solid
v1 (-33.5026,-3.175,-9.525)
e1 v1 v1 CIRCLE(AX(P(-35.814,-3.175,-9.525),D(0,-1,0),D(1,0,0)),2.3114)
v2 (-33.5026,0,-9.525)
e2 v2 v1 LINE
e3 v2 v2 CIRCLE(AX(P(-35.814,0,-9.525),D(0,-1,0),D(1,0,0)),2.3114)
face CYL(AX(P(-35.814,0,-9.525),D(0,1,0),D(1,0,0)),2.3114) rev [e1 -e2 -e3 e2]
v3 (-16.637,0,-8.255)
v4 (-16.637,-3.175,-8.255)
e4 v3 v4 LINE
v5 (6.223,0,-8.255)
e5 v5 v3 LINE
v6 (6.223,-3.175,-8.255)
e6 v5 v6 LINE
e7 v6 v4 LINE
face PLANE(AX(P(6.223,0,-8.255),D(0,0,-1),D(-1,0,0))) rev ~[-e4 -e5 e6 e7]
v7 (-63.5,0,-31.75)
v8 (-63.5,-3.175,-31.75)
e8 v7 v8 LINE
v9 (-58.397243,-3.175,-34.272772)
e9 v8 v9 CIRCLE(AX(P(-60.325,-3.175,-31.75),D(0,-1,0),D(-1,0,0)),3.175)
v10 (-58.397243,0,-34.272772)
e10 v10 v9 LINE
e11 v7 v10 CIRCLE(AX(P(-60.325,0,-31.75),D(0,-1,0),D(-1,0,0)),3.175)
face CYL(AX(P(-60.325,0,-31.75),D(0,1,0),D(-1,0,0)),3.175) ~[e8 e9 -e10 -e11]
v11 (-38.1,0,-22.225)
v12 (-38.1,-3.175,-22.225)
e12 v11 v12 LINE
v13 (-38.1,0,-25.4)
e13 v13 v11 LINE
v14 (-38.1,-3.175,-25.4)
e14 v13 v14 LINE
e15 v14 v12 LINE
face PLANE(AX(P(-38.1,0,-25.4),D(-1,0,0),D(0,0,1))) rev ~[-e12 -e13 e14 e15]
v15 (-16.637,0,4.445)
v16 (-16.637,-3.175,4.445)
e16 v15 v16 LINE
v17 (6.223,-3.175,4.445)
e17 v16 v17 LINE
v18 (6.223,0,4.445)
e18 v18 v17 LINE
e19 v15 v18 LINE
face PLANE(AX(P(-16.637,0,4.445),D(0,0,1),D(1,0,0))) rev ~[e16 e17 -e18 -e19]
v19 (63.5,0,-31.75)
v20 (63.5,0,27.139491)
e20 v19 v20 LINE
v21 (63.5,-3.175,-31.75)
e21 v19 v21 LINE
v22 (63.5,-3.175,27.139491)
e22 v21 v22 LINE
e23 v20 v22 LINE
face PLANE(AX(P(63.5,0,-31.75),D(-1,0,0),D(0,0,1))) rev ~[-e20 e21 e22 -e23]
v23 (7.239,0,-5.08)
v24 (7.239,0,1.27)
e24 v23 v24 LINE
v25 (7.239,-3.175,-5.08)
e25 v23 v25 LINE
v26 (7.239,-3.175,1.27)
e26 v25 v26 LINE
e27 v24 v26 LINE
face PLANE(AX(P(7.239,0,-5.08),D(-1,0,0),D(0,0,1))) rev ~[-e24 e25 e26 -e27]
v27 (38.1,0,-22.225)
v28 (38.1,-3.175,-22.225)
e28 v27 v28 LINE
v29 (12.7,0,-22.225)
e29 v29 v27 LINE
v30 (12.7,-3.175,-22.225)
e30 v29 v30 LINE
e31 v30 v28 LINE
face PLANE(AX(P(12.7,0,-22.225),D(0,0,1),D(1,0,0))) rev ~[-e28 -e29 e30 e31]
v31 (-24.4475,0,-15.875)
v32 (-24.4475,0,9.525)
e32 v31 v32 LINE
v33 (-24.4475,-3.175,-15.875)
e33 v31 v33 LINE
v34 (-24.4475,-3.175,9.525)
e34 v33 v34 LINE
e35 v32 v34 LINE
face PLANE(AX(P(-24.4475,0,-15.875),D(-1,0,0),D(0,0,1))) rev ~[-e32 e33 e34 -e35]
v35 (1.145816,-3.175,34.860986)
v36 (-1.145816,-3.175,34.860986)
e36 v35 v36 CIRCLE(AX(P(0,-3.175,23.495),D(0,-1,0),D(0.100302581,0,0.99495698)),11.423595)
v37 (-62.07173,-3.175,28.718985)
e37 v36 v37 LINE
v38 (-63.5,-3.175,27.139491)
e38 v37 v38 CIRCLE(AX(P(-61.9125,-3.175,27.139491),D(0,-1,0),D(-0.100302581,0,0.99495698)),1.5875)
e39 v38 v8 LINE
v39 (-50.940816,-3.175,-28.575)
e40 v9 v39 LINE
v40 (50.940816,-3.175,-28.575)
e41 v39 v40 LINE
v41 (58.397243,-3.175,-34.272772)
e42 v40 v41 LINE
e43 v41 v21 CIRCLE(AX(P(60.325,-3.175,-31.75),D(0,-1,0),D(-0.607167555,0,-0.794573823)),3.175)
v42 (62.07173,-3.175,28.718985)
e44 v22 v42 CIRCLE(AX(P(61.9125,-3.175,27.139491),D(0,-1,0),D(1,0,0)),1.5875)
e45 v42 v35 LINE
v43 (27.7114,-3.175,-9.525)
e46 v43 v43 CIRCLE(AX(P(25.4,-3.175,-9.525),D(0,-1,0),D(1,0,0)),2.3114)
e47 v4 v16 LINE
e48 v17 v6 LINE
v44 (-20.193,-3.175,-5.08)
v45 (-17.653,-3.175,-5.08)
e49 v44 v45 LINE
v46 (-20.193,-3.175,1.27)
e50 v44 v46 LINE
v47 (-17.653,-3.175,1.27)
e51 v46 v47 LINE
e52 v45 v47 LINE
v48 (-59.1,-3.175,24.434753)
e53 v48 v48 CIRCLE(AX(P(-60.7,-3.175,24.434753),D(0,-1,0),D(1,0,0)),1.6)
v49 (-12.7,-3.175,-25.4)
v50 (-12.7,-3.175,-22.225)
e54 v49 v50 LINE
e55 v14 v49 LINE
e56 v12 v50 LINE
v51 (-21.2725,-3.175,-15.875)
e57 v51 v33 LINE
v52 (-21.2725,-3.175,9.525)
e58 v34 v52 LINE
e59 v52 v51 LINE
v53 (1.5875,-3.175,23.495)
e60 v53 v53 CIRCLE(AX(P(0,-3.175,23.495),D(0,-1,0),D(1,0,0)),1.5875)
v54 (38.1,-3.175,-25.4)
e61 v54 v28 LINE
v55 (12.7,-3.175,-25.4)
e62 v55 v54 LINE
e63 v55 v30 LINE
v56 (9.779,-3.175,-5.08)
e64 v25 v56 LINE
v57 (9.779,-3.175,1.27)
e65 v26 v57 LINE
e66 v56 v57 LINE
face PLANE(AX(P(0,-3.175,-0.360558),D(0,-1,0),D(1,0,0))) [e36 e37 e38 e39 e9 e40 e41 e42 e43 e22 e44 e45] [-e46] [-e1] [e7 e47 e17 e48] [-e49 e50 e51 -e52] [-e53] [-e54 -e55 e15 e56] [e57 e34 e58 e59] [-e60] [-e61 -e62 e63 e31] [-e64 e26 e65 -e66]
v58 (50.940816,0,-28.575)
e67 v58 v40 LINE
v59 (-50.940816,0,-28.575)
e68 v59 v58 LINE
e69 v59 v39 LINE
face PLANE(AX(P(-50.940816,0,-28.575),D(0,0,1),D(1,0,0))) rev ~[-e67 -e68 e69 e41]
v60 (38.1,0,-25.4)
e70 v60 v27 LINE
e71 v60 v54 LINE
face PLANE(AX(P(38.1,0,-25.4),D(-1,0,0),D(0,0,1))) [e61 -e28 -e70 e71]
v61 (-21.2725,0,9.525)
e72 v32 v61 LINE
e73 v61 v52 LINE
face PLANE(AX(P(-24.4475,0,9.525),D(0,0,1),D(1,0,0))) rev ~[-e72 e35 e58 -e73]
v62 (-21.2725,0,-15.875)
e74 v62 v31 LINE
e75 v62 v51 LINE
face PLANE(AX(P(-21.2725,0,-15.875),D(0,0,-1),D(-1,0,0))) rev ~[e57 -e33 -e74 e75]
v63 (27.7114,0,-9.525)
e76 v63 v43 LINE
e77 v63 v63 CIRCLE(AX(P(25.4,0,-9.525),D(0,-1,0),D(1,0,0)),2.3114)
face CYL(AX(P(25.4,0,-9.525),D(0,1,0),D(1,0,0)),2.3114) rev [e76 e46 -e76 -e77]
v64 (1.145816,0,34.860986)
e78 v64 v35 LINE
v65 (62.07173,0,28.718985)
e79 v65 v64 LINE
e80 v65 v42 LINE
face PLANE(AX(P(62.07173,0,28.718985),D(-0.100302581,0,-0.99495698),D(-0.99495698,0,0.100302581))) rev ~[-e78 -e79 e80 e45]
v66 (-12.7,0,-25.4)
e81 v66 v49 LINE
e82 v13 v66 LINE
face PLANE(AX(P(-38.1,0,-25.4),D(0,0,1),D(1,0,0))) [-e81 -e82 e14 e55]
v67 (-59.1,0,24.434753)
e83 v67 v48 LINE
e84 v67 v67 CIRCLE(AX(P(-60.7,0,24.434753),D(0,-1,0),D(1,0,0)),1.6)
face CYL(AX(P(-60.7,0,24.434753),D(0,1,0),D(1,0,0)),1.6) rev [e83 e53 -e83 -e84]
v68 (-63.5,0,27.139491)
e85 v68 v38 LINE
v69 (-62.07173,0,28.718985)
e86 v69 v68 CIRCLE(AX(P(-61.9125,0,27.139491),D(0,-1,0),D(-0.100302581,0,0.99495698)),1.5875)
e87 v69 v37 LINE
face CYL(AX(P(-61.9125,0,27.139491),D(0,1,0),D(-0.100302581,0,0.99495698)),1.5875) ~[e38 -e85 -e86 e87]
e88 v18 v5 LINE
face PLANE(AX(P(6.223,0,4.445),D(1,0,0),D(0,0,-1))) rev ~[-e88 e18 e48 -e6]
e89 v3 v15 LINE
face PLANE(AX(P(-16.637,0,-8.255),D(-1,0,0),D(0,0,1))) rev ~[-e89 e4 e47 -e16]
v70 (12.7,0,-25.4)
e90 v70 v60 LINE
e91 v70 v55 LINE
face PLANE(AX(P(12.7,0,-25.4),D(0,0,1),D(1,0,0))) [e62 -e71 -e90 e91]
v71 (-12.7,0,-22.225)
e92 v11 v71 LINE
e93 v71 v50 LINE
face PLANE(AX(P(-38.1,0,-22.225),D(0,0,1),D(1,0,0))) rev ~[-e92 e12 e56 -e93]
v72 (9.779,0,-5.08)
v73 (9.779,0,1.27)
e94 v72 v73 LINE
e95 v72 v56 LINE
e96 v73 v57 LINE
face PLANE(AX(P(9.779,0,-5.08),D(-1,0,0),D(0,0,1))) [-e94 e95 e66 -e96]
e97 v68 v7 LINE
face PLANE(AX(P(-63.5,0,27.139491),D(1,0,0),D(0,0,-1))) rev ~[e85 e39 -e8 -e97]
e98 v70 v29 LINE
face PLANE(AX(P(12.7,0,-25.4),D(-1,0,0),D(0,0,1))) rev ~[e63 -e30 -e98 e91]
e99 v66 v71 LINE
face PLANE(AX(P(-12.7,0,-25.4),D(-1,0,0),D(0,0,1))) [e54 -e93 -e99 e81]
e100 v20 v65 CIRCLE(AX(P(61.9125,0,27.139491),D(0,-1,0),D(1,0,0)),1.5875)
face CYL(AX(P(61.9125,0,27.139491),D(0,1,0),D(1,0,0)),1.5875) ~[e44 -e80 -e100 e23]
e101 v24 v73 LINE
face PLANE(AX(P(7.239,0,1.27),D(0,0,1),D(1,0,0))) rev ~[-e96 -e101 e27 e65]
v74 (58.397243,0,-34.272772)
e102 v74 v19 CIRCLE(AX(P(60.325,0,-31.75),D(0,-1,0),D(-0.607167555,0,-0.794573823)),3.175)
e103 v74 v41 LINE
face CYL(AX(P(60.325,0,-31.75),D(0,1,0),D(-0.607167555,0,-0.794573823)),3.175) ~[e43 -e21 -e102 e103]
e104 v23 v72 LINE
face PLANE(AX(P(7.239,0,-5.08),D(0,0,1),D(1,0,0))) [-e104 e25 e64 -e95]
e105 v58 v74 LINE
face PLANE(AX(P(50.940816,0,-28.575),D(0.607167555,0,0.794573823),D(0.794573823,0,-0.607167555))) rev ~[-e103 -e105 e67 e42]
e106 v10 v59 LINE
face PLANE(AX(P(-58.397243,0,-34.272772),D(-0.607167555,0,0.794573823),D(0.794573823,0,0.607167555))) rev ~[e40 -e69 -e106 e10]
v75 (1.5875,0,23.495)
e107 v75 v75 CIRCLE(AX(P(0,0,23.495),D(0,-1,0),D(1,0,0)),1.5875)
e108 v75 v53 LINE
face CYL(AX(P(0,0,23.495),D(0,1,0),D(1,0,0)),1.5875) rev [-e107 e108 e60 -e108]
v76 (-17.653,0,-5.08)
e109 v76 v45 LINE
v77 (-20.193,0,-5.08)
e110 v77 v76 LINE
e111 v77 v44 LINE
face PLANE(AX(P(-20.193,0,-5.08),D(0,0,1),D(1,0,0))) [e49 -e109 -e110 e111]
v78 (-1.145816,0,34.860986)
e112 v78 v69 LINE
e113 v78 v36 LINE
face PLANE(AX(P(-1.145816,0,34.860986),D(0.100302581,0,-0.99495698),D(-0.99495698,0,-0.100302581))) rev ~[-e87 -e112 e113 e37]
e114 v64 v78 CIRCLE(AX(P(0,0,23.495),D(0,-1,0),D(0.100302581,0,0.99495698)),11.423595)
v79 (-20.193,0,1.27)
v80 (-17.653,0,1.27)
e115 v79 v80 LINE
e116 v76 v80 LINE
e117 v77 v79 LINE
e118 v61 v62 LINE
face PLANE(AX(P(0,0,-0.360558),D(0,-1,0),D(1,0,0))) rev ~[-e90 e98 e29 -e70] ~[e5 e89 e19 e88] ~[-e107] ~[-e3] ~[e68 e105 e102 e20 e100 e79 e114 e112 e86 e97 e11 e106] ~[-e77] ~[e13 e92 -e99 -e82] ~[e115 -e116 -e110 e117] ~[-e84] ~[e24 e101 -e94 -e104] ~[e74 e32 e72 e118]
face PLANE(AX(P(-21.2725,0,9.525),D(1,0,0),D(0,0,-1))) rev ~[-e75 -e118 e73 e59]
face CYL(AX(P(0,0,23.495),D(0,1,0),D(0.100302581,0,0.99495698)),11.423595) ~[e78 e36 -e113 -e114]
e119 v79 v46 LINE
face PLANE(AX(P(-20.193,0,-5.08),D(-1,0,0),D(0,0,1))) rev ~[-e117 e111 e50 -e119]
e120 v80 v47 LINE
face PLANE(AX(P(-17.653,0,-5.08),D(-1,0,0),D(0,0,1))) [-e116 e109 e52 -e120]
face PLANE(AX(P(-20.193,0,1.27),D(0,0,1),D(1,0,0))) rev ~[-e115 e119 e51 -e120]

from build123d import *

# Parameters (mm, degrees)
F0_W     = 25.4
F0_H     = 3.175
F0_R     = 2.3114
F0_W_2   = 2.54
F0_H_2   = 6.35
F0_R_2   = 1.6
F0_R_3   = 1.5875
F1_DEPTH = 3.175


with BuildPart() as f1:
    # F0 (on Front) → F1 (new body)
    with BuildSketch(Plane.XZ):
        with BuildLine():
            ThreePointArc((58.3972430136, -34.2727718885), (61.7321241182, -34.5961599948), (63.5, -31.75))
            Line((63.5, -31.75), (63.5, 27.1394910474))
            ThreePointArc((63.5, 27.1394910474), (63.0899834239, 28.2042393916), (62.0717303476, 28.7189852533))
            Line((62.0717303476, 28.7189852533), (1.1458161016, 34.8609859457))
            ThreePointArc((1.1458161016, 34.8609859457), (0, 34.9185953647), (-1.1458161016, 34.8609859457))
            Line((-1.1458161016, 34.8609859457), (-62.0717303476, 28.7189852533))
            ThreePointArc((-62.0717303476, 28.7189852533), (-63.0899834239, 28.2042393916), (-63.5, 27.1394910474))
            Line((-63.5, 27.1394910474), (-63.5, -28.575))
            Line((-63.5, -28.575), (-63.5, -31.75))
            ThreePointArc((-63.5, -31.75), (-61.7321241182, -34.5961599948), (-58.3972430136, -34.2727718885))
            Line((-58.3972430136, -34.2727718885), (-50.9408162707, -28.575))
            Line((-50.9408162707, -28.575), (50.9408162707, -28.575))
            Line((50.9408162707, -28.575), (58.3972430136, -34.2727718885))
        make_face()
        with Locations((-25.4, -23.8125)):
            Rectangle(F0_W, F0_H, mode=Mode.SUBTRACT)
        with Locations((-35.814, -9.525)):
            Circle(F0_R, mode=Mode.SUBTRACT)
        Polygon((-21.2725, -15.875), (-22.86, -15.875), (-24.4475, -15.875), (-24.4475, 9.525), (-21.2725, 9.525), align=None, mode=Mode.SUBTRACT)
        with Locations((-18.923, -1.905)):
            Rectangle(F0_W_2, F0_H_2, mode=Mode.SUBTRACT)
        Polygon((-16.383, 4.445), (5.969, 4.445), (6.223, 4.445), (6.223, -8.255), (5.969, -8.255), (-16.383, -8.255), (-16.637, -8.255), (-16.637, 4.445), align=None, mode=Mode.SUBTRACT)
        with Locations((25.4, -23.8125)):
            Rectangle(F0_W, F0_H, mode=Mode.SUBTRACT)
        with Locations((25.4, -9.525)):
            Circle(F0_R, mode=Mode.SUBTRACT)
        with Locations((8.509, -1.905)):
            Rectangle(F0_W_2, F0_H_2, mode=Mode.SUBTRACT)
        with Locations((-60.7, 24.4347527623)):
            Circle(F0_R_2, mode=Mode.SUBTRACT)
        with Locations((0, 23.495)):
            Circle(F0_R_3, mode=Mode.SUBTRACT)
    extrude(amount=F1_DEPTH)


solid = f1.part
